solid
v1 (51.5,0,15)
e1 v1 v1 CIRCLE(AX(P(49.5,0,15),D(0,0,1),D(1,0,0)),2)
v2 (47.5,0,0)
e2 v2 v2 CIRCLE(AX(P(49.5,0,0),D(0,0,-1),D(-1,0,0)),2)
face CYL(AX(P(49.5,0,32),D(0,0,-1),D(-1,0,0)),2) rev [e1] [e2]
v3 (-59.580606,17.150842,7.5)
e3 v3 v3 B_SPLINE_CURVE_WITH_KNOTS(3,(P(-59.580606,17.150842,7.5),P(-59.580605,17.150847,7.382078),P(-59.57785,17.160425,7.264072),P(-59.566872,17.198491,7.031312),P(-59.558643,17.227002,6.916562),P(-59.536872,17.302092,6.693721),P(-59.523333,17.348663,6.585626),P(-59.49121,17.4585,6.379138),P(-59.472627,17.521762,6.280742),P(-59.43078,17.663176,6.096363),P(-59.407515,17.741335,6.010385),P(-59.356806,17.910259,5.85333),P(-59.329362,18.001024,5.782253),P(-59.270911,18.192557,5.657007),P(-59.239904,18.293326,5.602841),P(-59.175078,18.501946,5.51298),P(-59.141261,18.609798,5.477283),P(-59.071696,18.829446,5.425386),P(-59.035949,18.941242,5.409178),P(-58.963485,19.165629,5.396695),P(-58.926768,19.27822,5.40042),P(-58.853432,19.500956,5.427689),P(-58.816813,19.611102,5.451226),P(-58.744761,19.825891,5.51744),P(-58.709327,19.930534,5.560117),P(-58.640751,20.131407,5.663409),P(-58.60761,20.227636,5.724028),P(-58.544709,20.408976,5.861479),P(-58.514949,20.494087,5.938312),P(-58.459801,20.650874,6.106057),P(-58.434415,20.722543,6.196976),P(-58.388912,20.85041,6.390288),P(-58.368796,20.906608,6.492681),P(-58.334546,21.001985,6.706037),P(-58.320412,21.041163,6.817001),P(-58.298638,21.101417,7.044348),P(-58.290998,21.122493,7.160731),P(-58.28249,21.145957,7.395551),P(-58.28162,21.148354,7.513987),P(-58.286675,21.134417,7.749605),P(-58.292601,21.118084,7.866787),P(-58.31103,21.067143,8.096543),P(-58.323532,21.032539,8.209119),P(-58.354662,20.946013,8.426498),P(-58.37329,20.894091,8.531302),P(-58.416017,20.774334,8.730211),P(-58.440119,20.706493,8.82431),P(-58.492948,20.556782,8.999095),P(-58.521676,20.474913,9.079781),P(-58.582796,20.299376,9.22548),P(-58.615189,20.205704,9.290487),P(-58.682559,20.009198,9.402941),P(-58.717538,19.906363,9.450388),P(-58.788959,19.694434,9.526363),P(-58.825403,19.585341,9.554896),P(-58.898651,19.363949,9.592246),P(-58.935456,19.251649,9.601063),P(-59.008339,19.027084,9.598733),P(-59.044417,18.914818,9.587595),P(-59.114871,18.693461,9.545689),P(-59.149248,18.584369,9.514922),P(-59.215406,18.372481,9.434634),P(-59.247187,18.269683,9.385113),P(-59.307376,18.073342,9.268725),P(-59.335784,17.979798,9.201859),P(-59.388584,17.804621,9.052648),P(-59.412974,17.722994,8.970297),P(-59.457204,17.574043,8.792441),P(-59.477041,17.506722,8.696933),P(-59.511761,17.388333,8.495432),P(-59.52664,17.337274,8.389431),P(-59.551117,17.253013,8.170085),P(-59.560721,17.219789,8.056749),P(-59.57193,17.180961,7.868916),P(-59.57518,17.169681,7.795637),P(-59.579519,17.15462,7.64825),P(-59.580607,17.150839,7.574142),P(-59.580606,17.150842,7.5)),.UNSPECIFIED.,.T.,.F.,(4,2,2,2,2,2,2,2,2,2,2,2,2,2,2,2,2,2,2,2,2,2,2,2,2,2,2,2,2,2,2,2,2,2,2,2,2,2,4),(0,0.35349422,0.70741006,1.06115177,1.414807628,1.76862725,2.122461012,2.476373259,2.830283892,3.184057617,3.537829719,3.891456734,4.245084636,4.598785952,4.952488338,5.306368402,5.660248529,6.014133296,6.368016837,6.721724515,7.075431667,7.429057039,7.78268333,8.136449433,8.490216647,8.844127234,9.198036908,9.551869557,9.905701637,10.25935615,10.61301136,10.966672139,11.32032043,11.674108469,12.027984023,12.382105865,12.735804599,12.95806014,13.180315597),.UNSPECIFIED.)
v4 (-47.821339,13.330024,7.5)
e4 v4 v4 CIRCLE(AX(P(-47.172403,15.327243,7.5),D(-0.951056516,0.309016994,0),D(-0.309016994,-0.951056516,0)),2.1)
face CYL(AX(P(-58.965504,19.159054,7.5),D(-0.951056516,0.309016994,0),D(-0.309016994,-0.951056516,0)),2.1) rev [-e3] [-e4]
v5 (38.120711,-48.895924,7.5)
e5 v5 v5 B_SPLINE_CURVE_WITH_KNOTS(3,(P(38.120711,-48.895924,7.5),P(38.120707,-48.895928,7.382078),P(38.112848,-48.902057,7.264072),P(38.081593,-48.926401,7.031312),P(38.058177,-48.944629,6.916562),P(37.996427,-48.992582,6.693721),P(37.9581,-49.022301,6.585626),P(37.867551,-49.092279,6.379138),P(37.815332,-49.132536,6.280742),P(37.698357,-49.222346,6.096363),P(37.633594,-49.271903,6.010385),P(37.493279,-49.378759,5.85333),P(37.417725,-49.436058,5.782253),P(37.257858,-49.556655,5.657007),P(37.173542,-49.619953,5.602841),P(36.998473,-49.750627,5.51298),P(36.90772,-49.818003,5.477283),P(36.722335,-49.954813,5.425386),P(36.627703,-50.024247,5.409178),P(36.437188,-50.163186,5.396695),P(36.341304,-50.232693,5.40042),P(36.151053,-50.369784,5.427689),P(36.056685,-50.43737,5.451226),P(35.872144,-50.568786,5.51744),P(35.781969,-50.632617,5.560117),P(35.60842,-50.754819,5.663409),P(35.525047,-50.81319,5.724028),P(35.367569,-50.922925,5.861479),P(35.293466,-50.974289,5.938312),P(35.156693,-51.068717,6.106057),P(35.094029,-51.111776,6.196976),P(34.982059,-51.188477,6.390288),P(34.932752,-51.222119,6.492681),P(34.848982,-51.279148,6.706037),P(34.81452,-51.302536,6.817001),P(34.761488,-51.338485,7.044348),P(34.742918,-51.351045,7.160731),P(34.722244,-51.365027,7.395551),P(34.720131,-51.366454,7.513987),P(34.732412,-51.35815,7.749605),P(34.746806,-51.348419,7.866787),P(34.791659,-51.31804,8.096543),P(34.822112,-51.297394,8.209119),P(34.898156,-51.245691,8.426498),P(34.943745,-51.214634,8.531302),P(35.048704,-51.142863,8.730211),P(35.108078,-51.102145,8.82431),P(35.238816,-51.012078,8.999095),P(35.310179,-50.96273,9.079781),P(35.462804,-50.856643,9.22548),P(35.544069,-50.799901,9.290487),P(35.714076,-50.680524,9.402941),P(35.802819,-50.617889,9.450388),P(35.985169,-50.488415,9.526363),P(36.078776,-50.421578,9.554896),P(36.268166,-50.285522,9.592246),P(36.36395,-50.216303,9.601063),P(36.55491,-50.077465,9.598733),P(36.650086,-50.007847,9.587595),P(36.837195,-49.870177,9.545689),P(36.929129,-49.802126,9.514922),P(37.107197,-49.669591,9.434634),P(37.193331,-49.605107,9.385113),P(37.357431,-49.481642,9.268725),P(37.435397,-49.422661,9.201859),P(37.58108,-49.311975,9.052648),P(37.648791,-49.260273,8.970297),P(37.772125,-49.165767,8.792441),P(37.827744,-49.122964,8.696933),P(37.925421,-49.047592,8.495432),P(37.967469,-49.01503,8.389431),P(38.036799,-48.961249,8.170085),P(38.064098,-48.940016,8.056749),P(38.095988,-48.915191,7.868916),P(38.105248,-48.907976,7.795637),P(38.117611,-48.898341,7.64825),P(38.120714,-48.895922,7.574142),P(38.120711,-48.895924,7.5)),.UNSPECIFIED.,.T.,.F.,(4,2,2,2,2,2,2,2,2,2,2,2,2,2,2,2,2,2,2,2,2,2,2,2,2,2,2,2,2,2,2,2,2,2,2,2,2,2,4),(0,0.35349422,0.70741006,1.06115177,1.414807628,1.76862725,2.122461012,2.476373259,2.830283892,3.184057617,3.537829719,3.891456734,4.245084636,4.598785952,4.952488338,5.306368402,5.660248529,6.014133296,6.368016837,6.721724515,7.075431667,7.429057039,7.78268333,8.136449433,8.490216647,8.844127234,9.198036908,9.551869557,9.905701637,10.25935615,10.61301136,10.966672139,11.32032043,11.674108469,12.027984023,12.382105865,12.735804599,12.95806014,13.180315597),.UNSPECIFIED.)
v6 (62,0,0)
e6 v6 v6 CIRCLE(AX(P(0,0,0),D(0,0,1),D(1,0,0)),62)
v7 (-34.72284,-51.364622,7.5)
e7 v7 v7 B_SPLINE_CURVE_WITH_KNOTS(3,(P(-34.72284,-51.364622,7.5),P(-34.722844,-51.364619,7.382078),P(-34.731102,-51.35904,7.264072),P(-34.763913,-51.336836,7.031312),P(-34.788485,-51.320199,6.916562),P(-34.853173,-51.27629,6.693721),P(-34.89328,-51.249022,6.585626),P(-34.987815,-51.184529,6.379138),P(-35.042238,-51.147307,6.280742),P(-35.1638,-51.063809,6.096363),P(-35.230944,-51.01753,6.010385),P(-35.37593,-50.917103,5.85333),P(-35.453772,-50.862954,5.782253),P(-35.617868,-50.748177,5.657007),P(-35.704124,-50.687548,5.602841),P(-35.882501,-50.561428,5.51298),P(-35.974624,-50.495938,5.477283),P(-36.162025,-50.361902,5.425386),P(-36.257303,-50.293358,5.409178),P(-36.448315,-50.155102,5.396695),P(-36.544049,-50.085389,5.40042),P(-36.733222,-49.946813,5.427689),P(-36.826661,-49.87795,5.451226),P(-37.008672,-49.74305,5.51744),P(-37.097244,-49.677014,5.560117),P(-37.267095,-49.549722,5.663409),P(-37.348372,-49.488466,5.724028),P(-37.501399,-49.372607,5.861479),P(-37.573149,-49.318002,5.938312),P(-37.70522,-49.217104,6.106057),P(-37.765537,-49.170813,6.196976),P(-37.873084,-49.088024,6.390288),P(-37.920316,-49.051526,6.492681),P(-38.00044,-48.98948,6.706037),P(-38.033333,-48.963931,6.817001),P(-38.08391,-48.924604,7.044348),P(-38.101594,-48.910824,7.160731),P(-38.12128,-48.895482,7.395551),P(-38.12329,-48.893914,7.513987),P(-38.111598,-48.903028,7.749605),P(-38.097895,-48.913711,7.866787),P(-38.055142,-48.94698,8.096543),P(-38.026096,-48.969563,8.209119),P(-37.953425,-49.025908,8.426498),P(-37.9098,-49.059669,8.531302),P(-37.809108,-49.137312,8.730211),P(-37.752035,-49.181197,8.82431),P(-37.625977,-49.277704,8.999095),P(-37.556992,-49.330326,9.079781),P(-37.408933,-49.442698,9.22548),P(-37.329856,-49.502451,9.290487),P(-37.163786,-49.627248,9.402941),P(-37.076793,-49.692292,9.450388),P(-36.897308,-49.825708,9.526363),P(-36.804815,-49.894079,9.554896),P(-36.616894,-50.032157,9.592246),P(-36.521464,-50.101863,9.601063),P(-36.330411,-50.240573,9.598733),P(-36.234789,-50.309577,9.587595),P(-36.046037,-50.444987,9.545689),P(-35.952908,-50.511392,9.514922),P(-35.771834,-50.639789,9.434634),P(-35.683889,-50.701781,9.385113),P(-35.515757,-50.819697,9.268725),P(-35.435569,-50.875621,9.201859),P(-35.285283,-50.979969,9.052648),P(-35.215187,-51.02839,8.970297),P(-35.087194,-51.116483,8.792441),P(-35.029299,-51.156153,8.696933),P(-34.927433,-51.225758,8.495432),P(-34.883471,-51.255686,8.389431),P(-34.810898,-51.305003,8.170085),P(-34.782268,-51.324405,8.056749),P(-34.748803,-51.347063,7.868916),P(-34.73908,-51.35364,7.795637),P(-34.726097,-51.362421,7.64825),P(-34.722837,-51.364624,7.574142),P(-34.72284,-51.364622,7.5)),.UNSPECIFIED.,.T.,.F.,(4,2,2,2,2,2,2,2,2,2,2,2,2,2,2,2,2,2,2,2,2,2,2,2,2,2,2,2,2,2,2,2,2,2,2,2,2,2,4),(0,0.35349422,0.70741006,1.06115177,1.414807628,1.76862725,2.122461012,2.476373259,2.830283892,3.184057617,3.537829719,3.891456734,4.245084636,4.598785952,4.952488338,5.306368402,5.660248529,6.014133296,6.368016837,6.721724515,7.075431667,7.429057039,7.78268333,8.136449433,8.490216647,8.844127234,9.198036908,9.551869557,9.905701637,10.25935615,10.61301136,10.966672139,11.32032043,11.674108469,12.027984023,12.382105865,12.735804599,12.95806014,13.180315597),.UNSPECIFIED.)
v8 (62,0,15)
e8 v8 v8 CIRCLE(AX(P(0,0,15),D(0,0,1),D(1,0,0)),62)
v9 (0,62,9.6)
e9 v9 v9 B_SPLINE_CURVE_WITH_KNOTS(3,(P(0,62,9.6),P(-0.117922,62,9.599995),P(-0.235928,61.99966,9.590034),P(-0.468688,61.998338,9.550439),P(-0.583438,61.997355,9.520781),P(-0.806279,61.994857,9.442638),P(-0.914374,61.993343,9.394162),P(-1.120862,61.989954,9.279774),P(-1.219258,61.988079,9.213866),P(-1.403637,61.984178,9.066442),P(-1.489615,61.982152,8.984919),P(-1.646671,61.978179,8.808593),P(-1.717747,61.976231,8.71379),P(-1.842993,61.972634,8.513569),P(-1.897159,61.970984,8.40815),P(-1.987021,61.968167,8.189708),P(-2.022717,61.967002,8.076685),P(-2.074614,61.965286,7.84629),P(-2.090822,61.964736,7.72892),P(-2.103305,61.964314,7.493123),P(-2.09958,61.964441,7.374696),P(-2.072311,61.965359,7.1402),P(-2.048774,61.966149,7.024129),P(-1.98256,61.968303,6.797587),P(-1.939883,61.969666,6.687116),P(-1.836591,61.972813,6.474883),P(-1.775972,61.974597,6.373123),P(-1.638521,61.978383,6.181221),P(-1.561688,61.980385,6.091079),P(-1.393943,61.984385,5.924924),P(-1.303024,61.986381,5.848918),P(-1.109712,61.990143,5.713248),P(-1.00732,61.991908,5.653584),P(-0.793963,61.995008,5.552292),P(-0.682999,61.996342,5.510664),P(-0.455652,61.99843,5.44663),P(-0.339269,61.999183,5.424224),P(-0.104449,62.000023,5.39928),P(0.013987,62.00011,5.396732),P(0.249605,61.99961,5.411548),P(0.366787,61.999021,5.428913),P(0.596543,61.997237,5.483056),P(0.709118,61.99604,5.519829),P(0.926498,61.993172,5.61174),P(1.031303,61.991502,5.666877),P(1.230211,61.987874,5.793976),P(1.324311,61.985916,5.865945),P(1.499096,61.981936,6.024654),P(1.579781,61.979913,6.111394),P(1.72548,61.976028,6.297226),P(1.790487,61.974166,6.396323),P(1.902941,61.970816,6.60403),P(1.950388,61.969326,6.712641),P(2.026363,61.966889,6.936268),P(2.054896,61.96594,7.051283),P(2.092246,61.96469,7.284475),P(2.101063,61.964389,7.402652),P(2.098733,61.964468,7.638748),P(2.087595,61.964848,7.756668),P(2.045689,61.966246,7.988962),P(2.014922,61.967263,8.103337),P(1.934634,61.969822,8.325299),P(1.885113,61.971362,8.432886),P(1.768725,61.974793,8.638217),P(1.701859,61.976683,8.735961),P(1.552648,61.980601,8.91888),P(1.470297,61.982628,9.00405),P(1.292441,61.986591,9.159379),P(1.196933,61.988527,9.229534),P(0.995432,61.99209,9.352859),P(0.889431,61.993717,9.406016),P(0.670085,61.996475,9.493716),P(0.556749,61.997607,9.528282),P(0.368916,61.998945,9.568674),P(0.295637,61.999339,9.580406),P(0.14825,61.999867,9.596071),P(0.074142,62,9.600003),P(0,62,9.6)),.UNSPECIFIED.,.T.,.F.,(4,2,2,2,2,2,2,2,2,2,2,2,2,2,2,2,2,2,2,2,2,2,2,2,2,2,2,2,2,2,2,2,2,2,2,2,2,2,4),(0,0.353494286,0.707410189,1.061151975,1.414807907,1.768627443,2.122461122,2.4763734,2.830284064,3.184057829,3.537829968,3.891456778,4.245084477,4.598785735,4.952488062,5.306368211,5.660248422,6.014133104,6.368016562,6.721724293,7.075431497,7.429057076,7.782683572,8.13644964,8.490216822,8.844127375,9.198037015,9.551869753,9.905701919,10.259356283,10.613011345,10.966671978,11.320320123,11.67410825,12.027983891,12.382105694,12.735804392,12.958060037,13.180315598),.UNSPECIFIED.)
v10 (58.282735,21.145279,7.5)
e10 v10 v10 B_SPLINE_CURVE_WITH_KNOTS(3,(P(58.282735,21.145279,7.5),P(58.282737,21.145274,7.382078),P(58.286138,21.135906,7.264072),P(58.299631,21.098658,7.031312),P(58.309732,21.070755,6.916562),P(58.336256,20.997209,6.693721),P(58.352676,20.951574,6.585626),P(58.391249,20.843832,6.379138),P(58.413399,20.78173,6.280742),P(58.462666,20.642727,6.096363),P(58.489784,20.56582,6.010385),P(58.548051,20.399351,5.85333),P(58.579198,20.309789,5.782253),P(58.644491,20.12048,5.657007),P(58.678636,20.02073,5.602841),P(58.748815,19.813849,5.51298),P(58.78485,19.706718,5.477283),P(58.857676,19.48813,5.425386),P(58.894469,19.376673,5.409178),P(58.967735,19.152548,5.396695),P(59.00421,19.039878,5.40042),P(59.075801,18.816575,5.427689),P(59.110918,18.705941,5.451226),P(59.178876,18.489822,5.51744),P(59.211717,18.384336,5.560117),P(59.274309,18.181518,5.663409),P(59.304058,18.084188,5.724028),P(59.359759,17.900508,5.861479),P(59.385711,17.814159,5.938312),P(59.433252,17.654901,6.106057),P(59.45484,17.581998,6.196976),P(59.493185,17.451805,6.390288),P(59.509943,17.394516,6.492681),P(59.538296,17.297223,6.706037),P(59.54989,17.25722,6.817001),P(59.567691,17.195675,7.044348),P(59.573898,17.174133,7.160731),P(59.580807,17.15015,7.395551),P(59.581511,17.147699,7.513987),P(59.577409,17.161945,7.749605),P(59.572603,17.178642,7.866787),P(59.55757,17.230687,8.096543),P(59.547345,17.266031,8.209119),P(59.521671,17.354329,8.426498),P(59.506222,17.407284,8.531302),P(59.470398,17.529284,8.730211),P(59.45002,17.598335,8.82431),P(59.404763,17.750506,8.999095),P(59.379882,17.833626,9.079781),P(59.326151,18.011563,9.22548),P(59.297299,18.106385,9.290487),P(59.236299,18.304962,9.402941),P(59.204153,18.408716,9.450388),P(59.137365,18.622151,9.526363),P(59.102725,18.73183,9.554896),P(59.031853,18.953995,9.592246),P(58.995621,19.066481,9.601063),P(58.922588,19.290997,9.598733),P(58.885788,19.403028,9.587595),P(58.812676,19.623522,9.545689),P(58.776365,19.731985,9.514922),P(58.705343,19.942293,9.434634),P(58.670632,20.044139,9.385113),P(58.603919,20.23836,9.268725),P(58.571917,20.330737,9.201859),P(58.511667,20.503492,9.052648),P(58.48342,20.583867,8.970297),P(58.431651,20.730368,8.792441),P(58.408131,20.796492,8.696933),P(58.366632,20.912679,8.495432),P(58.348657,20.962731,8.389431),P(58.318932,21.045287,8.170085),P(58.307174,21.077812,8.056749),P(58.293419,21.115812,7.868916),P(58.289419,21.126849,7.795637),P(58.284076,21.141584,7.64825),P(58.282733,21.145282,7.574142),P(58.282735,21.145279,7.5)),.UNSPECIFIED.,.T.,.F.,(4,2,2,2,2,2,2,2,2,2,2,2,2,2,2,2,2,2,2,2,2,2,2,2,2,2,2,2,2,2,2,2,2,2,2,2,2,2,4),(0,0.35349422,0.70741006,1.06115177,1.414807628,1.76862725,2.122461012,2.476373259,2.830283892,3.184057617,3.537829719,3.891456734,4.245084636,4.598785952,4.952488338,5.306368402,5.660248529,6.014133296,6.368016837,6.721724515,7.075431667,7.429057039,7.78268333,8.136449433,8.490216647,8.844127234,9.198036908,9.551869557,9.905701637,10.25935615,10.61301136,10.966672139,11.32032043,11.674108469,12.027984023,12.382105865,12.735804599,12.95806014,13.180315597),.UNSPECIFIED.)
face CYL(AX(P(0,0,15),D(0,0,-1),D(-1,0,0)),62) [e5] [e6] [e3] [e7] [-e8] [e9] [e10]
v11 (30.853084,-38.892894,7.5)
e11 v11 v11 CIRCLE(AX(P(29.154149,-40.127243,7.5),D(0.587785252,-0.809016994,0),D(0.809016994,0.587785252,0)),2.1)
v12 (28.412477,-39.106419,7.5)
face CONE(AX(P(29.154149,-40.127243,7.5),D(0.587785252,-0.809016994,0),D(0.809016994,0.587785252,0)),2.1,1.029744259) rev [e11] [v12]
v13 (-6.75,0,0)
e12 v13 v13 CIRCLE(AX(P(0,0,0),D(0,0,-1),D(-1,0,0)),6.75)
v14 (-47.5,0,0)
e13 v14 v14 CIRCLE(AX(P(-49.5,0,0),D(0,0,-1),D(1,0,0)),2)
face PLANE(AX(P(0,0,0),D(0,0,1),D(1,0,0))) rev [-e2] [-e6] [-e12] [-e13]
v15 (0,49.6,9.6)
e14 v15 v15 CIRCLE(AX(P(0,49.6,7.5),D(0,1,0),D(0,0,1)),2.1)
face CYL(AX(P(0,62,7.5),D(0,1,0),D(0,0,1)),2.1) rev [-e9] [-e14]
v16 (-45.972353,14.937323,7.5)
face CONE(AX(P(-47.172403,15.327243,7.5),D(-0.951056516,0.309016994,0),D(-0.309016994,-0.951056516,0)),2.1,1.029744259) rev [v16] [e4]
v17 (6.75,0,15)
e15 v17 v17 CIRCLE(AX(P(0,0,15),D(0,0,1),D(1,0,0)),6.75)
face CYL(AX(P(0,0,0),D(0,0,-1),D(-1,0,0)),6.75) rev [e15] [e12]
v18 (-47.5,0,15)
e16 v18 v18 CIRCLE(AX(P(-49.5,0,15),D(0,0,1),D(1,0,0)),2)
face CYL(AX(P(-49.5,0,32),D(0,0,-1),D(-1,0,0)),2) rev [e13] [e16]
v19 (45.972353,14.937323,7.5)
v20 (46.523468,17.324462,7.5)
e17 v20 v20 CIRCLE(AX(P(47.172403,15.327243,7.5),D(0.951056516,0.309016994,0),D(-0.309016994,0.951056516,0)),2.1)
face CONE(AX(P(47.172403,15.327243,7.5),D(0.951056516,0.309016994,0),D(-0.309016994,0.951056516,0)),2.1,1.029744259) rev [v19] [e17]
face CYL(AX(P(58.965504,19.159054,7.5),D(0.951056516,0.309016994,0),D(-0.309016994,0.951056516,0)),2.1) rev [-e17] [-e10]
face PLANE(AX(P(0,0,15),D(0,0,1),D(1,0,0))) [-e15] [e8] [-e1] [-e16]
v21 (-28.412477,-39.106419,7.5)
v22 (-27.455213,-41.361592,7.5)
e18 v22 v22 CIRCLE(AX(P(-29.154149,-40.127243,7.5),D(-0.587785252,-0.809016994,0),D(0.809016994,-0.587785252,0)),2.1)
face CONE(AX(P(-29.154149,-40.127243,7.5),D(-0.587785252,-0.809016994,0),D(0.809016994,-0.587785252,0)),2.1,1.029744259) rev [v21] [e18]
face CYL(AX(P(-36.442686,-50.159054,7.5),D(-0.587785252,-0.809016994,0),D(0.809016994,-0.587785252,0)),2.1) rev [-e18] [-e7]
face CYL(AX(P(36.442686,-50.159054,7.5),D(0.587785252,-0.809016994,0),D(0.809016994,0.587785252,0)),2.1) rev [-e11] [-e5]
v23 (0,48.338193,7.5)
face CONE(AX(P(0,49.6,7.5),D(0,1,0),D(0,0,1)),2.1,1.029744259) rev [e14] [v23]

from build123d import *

# Parameters (mm, degrees)
SKETCH1_R                       = 62
BOSS_EXTRUDE1_DEPTH             = 15
M12_CLEARANCE_HOLE1_D           = 13.5
M5_TAPPED_HOLE1_D               = 4.2
M5_TAPPED_HOLE1_DEPTH           = 12.4
M5_TAPPED_HOLE1_TIP             = 1.2618073
M5_TAPPED_HOLE1_ON_FACE_2_D     = 4.2
M5_TAPPED_HOLE1_ON_FACE_2_DEPTH = 12.4
M5_TAPPED_HOLE1_ON_FACE_2_TIP   = 1.2618073
M5_TAPPED_HOLE1_ON_FACE_3_D     = 4.2
M5_TAPPED_HOLE1_ON_FACE_3_DEPTH = 12.4
M5_TAPPED_HOLE1_ON_FACE_3_TIP   = 1.2618073
M5_TAPPED_HOLE1_ON_FACE_4_D     = 4.2
M5_TAPPED_HOLE1_ON_FACE_4_DEPTH = 12.4
M5_TAPPED_HOLE1_ON_FACE_4_TIP   = 1.2618073
M5_TAPPED_HOLE1_ON_FACE_5_D     = 4.2
M5_TAPPED_HOLE1_ON_FACE_5_DEPTH = 12.4
M5_TAPPED_HOLE1_ON_FACE_5_TIP   = 1.2618073
SKETCH12_R                      = 2
CUT_EXTRUDE1_DEPTH              = 32


with BuildPart() as part:
    # Sketch1 → Boss-Extrude1 (new body)
    with BuildSketch(Plane.XY):
        Circle(SKETCH1_R)
    extrude(amount=BOSS_EXTRUDE1_DEPTH)

    # M12 Clearance Hole1 (through all)
    with Locations(Plane(origin=(0, 0, 0), x_dir=(-1, 0, 0), z_dir=(0, 0, -1))):
        with Locations((0, 0)):
            Hole(M12_CLEARANCE_HOLE1_D / 2)

    # M5 Tapped Hole1
    with Locations(Plane(origin=(0, 62, 7.5), x_dir=(1, 0, 0), z_dir=(0, 1, 0))):
        with Locations((0, 0)):
            Hole(M5_TAPPED_HOLE1_D / 2, depth=M5_TAPPED_HOLE1_DEPTH)
            with Locations((0, 0, -(M5_TAPPED_HOLE1_DEPTH + M5_TAPPED_HOLE1_TIP / 2))):  # 118° drill point
                Cone(0, M5_TAPPED_HOLE1_D / 2, M5_TAPPED_HOLE1_TIP, mode=Mode.SUBTRACT)

    # M5 Tapped Hole1 on face 2
    with Locations(Plane(origin=(58.96550401, 19.159053651, 7.5), x_dir=(-0.309016857306, 0.951056560832, 0), z_dir=(0.951056560832, 0.309016857306, 0))):
        with Locations((0, 0)):
            Hole(M5_TAPPED_HOLE1_ON_FACE_2_D / 2, depth=M5_TAPPED_HOLE1_ON_FACE_2_DEPTH)
            with Locations((0, 0, -(M5_TAPPED_HOLE1_ON_FACE_2_DEPTH + M5_TAPPED_HOLE1_ON_FACE_2_TIP / 2))):  # 118° drill point
                Cone(0, M5_TAPPED_HOLE1_ON_FACE_2_D / 2, M5_TAPPED_HOLE1_ON_FACE_2_TIP, mode=Mode.SUBTRACT)

    # M5 Tapped Hole1 on face 3
    with Locations(Plane(origin=(36.442685642, -50.159053651, 7.5), x_dir=(-0.809017116291, -0.58778508449, 0), z_dir=(0.58778508449, -0.809017116291, 0))):
        with Locations((0, 0)):
            Hole(M5_TAPPED_HOLE1_ON_FACE_3_D / 2, depth=M5_TAPPED_HOLE1_ON_FACE_3_DEPTH)
            with Locations((0, 0, -(M5_TAPPED_HOLE1_ON_FACE_3_DEPTH + M5_TAPPED_HOLE1_ON_FACE_3_TIP / 2))):  # 118° drill point
                Cone(0, M5_TAPPED_HOLE1_ON_FACE_3_D / 2, M5_TAPPED_HOLE1_ON_FACE_3_TIP, mode=Mode.SUBTRACT)

    # M5 Tapped Hole1 on face 4
    with Locations(Plane(origin=(-36.442685642, -50.159053651, 7.5), x_dir=(-0.809017116291, 0.58778508449, 0), z_dir=(-0.58778508449, -0.809017116291, 0))):
        with Locations((0, 0)):
            Hole(M5_TAPPED_HOLE1_ON_FACE_4_D / 2, depth=M5_TAPPED_HOLE1_ON_FACE_4_DEPTH)
            with Locations((0, 0, -(M5_TAPPED_HOLE1_ON_FACE_4_DEPTH + M5_TAPPED_HOLE1_ON_FACE_4_TIP / 2))):  # 118° drill point
                Cone(0, M5_TAPPED_HOLE1_ON_FACE_4_D / 2, M5_TAPPED_HOLE1_ON_FACE_4_TIP, mode=Mode.SUBTRACT)

    # M5 Tapped Hole1 on face 5
    with Locations(Plane(origin=(-58.96550401, 19.159053651, 7.5), x_dir=(-0.309016857306, -0.951056560832, 0), z_dir=(-0.951056560832, 0.309016857306, 0))):
        with Locations((0, 0)):
            Hole(M5_TAPPED_HOLE1_ON_FACE_5_D / 2, depth=M5_TAPPED_HOLE1_ON_FACE_5_DEPTH)
            with Locations((0, 0, -(M5_TAPPED_HOLE1_ON_FACE_5_DEPTH + M5_TAPPED_HOLE1_ON_FACE_5_TIP / 2))):  # 118° drill point
                Cone(0, M5_TAPPED_HOLE1_ON_FACE_5_D / 2, M5_TAPPED_HOLE1_ON_FACE_5_TIP, mode=Mode.SUBTRACT)

    # Sketch12 → Cut-Extrude1 (cut)
    with BuildSketch(Plane(origin=(0, 0, 0), x_dir=(-1, 0, 0), z_dir=(0, 0, -1))):
        with Locations((-49.5, 0)):
            Circle(SKETCH12_R)
        with Locations(Location((49.5, 0, 0), (0, 0, 180))):
            Circle(SKETCH12_R)
    extrude(amount=-CUT_EXTRUDE1_DEPTH, mode=Mode.SUBTRACT)


solid = part.part
